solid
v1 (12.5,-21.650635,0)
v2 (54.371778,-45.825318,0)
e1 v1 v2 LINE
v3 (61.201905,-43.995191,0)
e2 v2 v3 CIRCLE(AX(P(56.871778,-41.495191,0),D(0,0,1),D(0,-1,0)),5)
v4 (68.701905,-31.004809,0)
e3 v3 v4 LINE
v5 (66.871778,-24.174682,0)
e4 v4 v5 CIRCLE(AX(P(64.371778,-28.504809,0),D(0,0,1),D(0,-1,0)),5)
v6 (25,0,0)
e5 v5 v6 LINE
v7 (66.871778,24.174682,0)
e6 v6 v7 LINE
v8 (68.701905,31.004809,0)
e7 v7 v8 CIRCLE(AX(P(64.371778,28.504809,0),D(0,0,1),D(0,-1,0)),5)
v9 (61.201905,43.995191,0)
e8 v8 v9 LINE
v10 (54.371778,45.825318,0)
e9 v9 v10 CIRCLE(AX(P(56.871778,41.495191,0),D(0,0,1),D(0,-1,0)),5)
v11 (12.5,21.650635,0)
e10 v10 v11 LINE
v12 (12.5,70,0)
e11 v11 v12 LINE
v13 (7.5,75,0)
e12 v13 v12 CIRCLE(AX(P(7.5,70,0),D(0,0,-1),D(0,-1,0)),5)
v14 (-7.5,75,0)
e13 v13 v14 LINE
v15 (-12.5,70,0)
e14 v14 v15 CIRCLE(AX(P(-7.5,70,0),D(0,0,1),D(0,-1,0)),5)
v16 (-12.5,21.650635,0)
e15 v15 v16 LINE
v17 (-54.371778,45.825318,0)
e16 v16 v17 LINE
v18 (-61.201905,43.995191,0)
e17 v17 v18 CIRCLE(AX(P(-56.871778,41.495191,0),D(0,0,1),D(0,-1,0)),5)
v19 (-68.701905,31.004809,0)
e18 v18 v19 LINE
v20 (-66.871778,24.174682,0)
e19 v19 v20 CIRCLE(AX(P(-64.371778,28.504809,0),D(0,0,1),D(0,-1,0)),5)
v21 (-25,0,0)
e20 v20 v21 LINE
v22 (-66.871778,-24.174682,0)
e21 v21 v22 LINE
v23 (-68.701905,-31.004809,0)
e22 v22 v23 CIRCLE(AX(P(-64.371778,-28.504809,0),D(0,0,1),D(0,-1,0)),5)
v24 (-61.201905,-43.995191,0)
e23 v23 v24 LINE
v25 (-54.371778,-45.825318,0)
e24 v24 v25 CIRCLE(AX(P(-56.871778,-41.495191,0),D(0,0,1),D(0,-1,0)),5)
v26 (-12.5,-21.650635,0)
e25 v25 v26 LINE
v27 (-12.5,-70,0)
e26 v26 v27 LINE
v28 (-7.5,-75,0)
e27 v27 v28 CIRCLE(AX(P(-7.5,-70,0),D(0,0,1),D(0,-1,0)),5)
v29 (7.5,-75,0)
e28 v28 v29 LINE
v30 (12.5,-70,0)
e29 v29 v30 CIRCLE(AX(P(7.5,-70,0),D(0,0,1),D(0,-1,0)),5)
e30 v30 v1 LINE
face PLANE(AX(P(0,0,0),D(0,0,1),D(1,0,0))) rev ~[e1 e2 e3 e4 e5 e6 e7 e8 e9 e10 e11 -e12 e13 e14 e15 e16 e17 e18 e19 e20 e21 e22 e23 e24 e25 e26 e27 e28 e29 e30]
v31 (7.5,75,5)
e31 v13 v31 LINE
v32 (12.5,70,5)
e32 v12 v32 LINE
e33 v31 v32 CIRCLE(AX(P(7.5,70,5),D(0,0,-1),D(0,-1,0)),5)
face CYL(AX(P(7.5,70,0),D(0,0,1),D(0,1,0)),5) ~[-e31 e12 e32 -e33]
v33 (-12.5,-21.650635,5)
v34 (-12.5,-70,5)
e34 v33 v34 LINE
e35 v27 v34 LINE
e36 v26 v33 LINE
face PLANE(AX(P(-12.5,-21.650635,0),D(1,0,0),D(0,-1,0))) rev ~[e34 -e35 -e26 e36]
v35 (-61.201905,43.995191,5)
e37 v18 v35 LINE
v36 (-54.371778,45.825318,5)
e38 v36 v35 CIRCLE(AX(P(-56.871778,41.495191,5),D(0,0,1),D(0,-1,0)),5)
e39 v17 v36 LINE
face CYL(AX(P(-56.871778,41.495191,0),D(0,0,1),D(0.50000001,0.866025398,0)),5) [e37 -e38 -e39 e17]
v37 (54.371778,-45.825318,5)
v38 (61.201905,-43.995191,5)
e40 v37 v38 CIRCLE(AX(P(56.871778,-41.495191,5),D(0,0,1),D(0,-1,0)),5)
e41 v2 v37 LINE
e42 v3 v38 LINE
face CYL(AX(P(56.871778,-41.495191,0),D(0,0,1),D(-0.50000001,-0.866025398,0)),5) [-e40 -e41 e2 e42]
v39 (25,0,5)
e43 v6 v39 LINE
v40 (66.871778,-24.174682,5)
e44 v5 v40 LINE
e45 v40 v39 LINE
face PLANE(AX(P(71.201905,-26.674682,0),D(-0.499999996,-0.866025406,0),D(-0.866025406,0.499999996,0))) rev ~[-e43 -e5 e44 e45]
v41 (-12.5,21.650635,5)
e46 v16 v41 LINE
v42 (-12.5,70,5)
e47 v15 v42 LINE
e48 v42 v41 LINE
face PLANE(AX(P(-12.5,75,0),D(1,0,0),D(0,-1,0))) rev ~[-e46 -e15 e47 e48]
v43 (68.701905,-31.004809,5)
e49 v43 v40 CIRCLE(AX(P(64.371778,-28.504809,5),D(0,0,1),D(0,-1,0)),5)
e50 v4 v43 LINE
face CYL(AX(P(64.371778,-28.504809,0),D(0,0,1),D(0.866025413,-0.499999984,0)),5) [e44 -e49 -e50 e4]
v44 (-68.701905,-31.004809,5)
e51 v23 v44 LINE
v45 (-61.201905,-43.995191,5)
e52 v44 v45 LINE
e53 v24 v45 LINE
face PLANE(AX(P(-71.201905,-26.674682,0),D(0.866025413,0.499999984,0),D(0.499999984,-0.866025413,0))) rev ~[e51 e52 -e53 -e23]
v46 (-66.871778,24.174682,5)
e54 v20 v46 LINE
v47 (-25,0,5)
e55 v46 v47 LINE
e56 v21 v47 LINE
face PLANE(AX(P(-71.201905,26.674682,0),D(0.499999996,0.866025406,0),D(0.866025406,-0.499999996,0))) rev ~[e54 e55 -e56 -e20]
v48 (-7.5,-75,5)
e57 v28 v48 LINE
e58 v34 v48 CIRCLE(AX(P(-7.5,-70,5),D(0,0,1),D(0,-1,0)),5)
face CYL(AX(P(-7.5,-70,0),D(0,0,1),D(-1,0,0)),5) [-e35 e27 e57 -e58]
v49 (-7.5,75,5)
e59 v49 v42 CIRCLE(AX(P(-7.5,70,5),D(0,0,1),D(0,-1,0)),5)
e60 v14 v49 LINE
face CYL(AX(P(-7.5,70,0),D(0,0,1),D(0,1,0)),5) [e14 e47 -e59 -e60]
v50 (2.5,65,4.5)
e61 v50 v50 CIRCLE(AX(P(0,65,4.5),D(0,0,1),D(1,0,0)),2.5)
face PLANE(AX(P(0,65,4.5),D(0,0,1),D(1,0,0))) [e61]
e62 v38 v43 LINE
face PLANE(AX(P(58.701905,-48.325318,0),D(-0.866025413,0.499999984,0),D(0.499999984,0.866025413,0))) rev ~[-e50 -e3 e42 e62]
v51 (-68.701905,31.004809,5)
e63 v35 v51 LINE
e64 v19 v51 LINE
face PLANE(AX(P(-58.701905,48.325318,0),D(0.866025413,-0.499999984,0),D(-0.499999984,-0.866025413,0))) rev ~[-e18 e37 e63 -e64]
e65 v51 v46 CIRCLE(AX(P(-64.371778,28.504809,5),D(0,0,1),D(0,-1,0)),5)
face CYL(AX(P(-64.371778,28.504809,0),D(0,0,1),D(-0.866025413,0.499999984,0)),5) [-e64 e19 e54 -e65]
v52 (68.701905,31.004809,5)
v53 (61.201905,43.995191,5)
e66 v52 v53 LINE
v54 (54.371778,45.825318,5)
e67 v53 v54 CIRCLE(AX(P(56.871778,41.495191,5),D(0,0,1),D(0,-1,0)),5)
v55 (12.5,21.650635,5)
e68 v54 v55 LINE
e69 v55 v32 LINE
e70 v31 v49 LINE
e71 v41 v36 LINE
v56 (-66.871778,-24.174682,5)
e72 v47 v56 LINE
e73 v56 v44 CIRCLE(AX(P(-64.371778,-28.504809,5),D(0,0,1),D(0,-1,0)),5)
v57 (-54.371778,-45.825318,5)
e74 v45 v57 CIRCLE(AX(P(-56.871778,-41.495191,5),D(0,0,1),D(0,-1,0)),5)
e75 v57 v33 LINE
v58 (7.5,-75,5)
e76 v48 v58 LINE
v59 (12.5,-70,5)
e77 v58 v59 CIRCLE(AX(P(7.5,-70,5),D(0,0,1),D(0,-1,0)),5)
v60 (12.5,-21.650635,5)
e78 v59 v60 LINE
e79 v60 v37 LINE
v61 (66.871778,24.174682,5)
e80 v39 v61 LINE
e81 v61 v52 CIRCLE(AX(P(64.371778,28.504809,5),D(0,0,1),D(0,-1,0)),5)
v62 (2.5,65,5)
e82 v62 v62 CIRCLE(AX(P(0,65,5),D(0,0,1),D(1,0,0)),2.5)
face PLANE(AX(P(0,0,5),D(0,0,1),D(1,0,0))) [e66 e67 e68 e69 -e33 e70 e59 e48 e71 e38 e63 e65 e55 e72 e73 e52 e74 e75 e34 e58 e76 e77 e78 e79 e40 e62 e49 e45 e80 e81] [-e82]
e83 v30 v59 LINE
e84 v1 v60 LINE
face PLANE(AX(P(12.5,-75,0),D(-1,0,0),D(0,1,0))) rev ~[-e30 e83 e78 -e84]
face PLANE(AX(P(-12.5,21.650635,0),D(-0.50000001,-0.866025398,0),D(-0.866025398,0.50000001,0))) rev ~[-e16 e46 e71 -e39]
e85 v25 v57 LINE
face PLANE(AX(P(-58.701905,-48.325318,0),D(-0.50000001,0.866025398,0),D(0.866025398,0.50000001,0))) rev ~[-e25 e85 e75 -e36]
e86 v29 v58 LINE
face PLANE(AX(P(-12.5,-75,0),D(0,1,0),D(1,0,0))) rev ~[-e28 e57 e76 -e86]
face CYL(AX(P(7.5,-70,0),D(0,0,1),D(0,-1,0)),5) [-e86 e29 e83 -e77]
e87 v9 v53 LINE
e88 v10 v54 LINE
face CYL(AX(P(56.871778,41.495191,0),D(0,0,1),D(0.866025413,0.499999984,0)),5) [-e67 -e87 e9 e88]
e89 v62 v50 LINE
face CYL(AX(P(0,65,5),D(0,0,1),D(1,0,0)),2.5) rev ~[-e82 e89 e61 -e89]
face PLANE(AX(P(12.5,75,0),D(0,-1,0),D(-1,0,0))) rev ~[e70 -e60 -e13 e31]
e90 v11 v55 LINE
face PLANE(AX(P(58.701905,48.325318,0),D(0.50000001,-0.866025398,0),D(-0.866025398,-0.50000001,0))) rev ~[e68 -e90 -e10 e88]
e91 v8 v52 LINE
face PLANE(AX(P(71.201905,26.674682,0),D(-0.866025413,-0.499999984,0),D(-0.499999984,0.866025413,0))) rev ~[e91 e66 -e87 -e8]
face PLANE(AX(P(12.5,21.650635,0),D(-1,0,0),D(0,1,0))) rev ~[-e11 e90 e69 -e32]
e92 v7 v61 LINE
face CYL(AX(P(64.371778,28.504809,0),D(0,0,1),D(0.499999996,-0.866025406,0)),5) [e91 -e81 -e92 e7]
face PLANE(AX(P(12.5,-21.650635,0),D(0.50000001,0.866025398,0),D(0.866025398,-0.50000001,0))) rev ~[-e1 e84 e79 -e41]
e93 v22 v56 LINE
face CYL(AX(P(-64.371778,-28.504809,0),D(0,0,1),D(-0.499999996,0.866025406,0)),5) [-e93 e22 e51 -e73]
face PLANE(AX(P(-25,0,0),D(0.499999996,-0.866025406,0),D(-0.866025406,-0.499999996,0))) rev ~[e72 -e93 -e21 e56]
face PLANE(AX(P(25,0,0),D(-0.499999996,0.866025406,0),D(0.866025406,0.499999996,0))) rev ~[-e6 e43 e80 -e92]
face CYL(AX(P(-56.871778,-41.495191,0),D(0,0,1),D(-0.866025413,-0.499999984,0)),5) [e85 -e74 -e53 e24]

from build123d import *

# Parameters (mm, degrees)
F1_DEPTH = 5
F2_R     = 5
F3_R     = 2.5
F4_DEPTH = 0.5


with BuildPart() as f1:
    # F0 (on Top) → F1 (new body)
    with BuildSketch(Plane.XY):
        Polygon((12.5, 75), (-12.5, 75), (-12.5, 21.650635), (-58.701905, 48.325318), (-71.201905, 26.674682), (-25, 0), (-71.201905, -26.674682), (-58.701905, -48.325318), (-12.5, -21.650635), (-12.5, -75), (12.5, -75), (12.5, -21.650635), (58.701905, -48.325318), (71.201905, -26.674682), (25, 0), (71.201905, 26.674682), (58.701905, 48.325318), (12.5, 21.650635), align=None)
    extrude(amount=F1_DEPTH)

    # F2
    f2_edges = [f1.edges().sort_by_distance(p)[0] for p in [
        (-71.201905, -26.674682, 2.5),
        (-58.701905, -48.325318, 2.5),
        (-12.5, -75, 2.5),
        (12.5, -75, 2.5),
        (-71.201905, 26.674682, 2.5),
        (58.701905, -48.325318, 2.5),
        (71.201905, -26.674682, 2.5),
        (71.201905, 26.674682, 2.5),
        (58.701905, 48.325318, 2.5),
        (12.5, 75, 2.5),
        (-12.5, 75, 2.5),
        (-58.701905, 48.325318, 2.5),
    ]]
    fillet(f2_edges, radius=F2_R)

    # F3 (on face) → F4 (cut)
    with BuildSketch(Plane.XY.offset(5)):
        with Locations((0, 65)):
            Circle(F3_R)
    extrude(amount=-F4_DEPTH, mode=Mode.SUBTRACT)


solid = f1.part
